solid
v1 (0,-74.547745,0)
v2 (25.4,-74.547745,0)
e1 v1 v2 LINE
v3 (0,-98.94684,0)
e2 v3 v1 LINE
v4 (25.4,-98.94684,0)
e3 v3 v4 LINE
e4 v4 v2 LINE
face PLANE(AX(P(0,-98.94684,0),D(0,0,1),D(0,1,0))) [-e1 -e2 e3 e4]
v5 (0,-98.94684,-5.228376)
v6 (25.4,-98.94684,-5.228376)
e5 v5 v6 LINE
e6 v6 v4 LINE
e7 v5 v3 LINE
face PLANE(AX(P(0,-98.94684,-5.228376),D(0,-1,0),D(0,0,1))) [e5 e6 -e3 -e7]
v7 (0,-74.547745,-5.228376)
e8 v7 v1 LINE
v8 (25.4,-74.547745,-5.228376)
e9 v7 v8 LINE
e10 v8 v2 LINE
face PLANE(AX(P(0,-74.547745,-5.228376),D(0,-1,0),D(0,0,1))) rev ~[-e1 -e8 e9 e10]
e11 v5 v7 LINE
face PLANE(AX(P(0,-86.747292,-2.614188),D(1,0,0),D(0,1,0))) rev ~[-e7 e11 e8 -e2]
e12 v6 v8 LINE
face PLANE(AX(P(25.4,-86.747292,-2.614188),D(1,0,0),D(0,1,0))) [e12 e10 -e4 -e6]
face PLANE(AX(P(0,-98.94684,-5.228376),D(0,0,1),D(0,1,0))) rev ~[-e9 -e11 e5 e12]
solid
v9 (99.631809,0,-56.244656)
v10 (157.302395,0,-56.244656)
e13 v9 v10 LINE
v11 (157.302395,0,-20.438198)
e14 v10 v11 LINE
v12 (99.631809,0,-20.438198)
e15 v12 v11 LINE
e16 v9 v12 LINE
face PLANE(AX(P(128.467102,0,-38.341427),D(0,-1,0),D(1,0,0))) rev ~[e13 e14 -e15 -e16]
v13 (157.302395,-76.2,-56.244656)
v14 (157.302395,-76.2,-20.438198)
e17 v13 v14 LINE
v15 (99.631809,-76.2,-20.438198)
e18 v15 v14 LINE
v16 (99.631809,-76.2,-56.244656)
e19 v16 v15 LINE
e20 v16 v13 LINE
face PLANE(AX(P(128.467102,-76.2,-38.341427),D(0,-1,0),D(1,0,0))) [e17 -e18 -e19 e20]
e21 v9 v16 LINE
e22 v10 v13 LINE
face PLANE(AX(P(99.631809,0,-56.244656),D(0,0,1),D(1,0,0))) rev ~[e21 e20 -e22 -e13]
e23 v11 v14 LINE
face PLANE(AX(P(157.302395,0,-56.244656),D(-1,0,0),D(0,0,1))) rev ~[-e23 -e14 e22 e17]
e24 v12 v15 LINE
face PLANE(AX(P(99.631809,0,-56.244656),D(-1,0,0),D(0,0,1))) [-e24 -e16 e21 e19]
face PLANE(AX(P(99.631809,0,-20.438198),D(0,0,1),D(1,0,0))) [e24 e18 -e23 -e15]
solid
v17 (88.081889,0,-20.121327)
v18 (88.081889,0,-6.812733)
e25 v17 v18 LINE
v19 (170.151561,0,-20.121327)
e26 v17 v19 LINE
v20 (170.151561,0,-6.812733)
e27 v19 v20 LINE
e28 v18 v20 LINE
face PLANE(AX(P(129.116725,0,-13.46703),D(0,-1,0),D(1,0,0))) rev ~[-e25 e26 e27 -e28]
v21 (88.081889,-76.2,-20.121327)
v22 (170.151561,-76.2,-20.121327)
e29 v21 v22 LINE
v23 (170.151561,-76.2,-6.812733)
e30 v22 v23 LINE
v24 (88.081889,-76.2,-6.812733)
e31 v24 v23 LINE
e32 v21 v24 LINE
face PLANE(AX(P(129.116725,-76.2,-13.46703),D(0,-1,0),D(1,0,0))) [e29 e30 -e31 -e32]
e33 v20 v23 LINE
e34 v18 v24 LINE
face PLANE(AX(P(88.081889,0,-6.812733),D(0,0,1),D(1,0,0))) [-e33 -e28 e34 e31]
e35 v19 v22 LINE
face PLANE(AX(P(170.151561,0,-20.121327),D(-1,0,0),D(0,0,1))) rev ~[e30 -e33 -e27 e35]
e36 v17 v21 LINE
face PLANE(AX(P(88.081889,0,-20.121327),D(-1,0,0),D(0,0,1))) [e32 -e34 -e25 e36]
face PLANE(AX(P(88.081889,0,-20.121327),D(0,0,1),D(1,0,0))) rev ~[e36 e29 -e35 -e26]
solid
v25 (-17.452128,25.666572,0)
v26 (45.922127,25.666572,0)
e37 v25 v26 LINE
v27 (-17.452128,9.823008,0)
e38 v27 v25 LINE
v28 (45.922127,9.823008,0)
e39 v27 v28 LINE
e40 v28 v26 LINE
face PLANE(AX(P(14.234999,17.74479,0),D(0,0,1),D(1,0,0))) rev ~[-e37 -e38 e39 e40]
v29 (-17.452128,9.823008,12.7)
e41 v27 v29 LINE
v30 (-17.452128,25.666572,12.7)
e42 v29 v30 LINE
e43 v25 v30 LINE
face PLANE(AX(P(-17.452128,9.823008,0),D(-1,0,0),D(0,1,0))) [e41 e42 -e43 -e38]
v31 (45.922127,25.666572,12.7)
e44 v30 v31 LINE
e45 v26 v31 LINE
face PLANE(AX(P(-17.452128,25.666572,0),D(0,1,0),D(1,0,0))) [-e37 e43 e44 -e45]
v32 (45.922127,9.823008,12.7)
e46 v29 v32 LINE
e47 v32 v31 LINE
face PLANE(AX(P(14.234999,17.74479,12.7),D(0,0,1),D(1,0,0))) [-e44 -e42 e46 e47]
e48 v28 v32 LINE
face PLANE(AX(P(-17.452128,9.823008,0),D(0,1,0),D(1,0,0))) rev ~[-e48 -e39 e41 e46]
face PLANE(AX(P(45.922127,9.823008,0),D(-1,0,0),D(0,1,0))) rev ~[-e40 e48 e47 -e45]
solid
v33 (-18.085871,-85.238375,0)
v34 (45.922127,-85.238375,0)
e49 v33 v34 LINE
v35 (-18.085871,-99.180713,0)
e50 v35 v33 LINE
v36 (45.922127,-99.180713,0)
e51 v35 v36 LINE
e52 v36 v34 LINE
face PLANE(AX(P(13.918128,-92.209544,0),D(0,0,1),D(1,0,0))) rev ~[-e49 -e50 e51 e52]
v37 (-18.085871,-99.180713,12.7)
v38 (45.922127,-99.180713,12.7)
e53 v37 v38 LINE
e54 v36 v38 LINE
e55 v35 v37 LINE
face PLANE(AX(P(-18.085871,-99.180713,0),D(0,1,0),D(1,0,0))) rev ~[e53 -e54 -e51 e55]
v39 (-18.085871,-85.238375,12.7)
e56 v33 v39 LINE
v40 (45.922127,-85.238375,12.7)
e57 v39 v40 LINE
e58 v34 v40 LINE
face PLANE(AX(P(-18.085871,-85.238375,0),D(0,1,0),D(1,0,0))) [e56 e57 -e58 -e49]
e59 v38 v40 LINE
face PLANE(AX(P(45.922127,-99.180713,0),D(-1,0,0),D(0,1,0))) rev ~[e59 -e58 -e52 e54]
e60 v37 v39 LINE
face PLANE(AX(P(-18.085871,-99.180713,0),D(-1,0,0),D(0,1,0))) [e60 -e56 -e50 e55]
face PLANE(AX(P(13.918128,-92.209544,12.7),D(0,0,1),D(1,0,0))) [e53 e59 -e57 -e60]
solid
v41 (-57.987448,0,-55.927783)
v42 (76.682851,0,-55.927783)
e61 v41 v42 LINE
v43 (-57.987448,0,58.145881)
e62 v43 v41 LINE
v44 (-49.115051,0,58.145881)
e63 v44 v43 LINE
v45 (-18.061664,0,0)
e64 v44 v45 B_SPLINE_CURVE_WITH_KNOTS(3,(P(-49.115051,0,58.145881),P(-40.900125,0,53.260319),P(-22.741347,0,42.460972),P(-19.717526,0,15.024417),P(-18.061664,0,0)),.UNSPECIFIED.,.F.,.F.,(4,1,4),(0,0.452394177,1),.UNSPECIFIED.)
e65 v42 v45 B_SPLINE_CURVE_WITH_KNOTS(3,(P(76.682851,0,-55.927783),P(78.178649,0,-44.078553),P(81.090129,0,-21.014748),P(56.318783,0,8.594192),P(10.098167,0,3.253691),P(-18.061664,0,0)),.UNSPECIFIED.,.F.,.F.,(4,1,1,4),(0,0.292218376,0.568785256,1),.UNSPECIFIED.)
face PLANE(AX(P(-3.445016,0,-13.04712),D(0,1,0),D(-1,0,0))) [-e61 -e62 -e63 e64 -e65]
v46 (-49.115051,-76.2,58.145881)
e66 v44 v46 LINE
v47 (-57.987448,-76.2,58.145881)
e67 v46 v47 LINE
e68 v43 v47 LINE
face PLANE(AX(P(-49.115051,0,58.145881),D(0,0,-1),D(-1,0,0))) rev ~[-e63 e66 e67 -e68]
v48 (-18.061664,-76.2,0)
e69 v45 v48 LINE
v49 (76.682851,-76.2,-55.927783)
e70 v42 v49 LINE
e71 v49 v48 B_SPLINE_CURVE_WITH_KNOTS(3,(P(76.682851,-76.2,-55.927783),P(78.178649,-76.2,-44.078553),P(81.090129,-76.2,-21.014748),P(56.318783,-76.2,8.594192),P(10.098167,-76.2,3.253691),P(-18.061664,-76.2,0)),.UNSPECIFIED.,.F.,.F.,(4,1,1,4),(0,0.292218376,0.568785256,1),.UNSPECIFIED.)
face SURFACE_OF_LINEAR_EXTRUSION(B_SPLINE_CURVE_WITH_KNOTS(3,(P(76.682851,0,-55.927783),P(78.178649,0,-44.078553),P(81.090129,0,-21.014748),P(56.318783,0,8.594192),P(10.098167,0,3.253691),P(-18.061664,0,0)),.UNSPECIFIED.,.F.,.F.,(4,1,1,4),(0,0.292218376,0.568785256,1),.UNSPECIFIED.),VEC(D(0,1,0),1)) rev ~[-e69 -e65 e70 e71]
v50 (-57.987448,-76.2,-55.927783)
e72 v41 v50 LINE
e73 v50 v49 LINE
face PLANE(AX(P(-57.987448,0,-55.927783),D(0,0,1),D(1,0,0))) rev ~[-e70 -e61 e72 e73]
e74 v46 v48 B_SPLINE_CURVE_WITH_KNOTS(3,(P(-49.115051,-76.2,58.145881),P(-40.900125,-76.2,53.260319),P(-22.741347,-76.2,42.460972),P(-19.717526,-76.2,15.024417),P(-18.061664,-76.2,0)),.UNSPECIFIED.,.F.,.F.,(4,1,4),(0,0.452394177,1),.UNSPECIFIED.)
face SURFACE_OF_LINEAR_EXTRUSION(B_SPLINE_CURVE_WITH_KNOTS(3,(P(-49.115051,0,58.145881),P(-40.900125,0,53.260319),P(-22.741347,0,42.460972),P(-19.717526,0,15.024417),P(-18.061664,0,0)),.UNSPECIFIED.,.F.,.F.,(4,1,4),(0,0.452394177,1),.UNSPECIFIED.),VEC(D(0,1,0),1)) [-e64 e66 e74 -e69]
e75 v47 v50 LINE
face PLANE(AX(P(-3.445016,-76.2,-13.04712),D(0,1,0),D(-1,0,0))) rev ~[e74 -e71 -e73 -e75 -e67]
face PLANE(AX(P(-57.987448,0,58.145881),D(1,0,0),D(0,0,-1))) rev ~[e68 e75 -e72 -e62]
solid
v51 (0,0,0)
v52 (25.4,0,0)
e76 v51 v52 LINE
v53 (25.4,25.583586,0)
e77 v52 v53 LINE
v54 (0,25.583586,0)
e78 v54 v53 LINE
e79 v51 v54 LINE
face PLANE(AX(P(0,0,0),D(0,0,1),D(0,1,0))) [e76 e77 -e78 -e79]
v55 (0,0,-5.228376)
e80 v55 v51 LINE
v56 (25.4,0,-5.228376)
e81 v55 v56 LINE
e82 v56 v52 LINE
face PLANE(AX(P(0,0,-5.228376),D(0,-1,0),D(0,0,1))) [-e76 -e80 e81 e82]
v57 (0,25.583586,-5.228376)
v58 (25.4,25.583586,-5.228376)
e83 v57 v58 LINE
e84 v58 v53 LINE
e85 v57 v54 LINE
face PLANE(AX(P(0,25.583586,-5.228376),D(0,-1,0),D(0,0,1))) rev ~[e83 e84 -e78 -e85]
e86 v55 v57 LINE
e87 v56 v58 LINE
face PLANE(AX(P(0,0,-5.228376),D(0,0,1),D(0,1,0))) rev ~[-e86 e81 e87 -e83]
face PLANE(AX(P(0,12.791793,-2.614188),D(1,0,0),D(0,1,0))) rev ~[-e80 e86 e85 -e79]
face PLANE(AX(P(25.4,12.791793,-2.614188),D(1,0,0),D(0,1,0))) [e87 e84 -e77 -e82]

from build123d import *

# Parameters (mm, degrees)
F1_DEPTH = 76.2
F2_W     = 64.0079975128
F2_H     = 13.9423385262
F3_DEPTH = 12.7
F2_W_2   = 63.3742548525
F2_H_2   = 15.8435637131
F4_W     = 25.5835857242
F4_H     = 5.228376016
F5_DEPTH = 25.4
F4_W_2   = 24.3990942836
F6_W     = 57.6705858111
F6_H     = 35.8064584434
F7_DEPTH = 76.2
F8_W     = 82.0696726441
F8_H     = 13.3085940033
F9_DEPTH = 76.2


with BuildPart() as f1:
    # F0 (on Front) → F1 (new body)
    with BuildSketch(Plane.XZ):
        with BuildLine():
            add(Edge.make_bspline(
                [(-49.1150505841, 58.1458806992), (-40.9001251508, 53.260319122), (-22.7413471261, 42.4609723807), (-19.7175260083, 15.0244173228), (-18.0616639555, 0)],
                knots=[0, 0, 0, 0, 0.4523941766, 1, 1, 1, 1], degree=3))
            Line((-49.1150505841, 58.1458806992), (-57.9874478281, 58.1458806992))
            Line((-57.9874478281, 58.1458806992), (-57.9874478281, 0))
            Line((-57.9874478281, 0), (-57.9874478281, -55.9277832508))
            Line((-57.9874478281, -55.9277832508), (76.6828507185, -55.9277832508))
            add(Edge.make_bspline(
                [(76.6828507185, -55.9277832508), (78.17864908, -44.0785526487), (81.0901294151, -21.014747544), (56.3187828934, 8.5941915447), (10.0981671256, 3.2536908883), (-18.0616639555, 0)],
                knots=[0, 0, 0, 0, 0.2922183757, 0.5687852563, 1, 1, 1, 1], degree=3))
        make_face()
    extrude(amount=F1_DEPTH)


with BuildPart() as f3:
    # F2 (on Top) → F3 (new body)
    with BuildSketch(Plane.XY):
        with Locations((13.9181278646, -92.2095440328)):
            Rectangle(F2_W, F2_H)
    extrude(amount=F3_DEPTH)


with BuildPart() as f3b:
    # F2 (on Top) → F3, piece 2 (new body)
    with BuildSketch(Plane.XY):
        with Locations((14.2349991947, 17.744790297)):
            Rectangle(F2_W_2, F2_H_2)
    extrude(amount=F3_DEPTH)


with BuildPart() as f5:
    # F4 (on Right) → F5 (new body)
    with BuildSketch(Plane.YZ):
        with Locations((12.7917928621, -2.614188008)):
            Rectangle(F4_W, F4_H)
    extrude(amount=F5_DEPTH)


with BuildPart() as f5b:
    # F4 (on Right) → F5, piece 2 (new body)
    with BuildSketch(Plane.YZ):
        with Locations((-86.7472924292, -2.614188008)):
            Rectangle(F4_W_2, F4_H)
    extrude(amount=F5_DEPTH)


with BuildPart() as f7:
    # F6 (on Front) → F7 (new body)
    with BuildSketch(Plane.XZ):
        with Locations((128.4671016037, -38.3414272219)):
            Rectangle(F6_W, F6_H)
    extrude(amount=F7_DEPTH)


with BuildPart() as f9:
    # F8 (on Front) → F9 (new body)
    with BuildSketch(Plane.XZ):
        with Locations((129.1167251766, -13.4670296684)):
            Rectangle(F8_W, F8_H)
    extrude(amount=F9_DEPTH)


solid = Compound([f1.part, f3.part, f3b.part, f5.part, f5b.part, f7.part, f9.part])
